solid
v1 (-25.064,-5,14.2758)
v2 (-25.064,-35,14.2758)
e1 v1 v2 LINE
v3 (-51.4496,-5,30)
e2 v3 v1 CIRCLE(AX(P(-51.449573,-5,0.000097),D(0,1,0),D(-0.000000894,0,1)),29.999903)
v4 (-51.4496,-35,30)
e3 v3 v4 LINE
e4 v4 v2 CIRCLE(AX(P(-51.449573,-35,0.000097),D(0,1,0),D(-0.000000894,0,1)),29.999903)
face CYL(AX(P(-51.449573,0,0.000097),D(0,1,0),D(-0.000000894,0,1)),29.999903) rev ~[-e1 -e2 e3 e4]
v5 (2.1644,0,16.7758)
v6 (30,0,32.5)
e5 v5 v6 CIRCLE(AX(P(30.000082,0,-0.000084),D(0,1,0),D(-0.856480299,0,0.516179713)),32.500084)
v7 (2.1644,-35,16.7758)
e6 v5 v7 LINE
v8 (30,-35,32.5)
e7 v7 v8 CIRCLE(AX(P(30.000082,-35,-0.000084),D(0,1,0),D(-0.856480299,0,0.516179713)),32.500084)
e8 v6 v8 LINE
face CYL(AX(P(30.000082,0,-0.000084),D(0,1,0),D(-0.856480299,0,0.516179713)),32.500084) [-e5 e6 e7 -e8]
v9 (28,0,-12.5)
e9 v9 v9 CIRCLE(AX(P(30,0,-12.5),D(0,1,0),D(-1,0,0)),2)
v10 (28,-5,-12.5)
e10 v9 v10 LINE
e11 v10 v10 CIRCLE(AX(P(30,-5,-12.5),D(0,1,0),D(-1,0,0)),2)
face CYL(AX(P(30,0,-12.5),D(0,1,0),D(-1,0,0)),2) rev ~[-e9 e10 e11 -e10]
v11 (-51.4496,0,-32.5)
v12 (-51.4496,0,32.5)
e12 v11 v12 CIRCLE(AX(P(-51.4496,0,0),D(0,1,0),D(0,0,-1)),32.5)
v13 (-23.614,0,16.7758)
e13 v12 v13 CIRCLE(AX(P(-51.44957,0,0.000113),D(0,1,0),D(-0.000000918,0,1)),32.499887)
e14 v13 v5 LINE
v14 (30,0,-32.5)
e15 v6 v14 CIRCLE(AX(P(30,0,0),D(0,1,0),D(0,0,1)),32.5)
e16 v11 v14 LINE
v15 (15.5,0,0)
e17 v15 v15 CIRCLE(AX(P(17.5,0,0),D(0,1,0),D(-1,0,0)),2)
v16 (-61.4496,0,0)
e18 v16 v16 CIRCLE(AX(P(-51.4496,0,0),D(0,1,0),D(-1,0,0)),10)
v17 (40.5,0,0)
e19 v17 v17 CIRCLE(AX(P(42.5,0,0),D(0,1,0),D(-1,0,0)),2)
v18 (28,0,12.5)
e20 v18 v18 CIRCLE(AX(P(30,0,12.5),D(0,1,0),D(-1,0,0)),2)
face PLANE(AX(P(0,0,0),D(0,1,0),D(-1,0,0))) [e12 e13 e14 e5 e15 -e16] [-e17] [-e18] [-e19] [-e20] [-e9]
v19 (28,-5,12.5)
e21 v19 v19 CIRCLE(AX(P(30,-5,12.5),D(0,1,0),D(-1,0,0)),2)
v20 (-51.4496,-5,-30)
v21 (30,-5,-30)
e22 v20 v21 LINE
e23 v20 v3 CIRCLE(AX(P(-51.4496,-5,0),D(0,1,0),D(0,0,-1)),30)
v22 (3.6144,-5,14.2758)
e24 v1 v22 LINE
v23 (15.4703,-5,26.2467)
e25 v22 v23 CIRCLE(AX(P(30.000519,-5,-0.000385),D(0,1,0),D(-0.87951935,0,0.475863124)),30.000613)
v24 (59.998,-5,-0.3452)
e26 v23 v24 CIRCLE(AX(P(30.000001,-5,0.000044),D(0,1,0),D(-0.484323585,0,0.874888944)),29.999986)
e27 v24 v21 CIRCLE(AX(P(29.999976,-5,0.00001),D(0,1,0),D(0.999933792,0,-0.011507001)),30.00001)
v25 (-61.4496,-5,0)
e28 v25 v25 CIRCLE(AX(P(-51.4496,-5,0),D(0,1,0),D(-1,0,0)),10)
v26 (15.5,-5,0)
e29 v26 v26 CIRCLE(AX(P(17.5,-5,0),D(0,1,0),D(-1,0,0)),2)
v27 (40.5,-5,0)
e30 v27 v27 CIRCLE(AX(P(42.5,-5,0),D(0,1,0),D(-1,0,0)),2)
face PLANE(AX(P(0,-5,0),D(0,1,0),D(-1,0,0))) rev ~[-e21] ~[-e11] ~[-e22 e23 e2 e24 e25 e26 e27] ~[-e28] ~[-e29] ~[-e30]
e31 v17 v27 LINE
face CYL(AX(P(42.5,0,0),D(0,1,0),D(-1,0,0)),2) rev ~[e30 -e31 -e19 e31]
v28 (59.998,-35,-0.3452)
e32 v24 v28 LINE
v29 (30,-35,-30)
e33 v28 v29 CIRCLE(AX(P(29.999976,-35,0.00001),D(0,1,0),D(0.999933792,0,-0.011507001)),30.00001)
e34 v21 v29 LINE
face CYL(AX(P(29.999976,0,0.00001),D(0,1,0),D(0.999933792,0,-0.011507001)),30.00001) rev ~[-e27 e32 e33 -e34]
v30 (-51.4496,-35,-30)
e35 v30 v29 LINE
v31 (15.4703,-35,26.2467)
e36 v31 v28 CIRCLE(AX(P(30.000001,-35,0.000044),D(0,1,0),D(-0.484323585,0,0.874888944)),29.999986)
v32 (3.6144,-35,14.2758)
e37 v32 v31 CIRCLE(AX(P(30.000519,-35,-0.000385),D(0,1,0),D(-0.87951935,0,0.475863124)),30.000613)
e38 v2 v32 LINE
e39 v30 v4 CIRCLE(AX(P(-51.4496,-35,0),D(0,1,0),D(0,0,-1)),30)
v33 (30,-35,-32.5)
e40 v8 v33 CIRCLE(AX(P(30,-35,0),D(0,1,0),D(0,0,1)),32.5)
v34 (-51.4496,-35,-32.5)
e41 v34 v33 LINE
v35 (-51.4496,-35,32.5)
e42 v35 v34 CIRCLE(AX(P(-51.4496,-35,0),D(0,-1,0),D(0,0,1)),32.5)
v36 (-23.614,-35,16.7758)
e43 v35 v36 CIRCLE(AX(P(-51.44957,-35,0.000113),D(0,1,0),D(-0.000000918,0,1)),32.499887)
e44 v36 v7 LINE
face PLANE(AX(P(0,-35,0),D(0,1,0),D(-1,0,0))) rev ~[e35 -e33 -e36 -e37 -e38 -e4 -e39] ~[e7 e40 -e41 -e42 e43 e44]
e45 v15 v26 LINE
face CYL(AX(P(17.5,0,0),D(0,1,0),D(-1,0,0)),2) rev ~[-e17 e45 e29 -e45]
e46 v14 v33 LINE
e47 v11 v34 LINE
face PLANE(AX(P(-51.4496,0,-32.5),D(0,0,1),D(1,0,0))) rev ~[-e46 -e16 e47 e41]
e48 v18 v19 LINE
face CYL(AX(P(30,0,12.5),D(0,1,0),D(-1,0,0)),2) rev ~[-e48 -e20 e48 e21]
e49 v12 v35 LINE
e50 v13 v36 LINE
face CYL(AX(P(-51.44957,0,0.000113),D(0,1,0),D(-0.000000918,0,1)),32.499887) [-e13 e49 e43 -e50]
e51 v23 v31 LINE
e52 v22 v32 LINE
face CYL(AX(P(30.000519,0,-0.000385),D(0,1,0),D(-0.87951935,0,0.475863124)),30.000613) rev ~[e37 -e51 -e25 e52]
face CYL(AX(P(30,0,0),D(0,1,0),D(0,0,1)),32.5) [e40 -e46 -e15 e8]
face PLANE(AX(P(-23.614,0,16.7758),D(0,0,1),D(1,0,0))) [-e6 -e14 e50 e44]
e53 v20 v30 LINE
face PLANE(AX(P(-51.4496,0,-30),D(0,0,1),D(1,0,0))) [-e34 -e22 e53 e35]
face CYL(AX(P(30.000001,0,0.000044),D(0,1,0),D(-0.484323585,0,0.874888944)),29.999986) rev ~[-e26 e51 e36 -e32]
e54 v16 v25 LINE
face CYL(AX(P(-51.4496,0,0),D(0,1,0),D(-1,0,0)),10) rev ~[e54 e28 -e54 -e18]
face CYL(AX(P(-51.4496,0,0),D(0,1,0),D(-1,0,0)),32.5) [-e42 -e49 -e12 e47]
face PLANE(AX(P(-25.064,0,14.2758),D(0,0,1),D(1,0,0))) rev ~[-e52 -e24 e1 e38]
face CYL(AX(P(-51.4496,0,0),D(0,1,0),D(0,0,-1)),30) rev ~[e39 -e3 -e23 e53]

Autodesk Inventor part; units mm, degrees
ref_plane "YZ Plane" through (0, 0, 0) normal (1, 0, 0) x (0, 1, 0)
sketch "Sketch1" plane through (0, 0, 0) normal (0, 1, 0) x (-1, 0, 0)
  line L0 (30, 0) -> (-30, 0) construction
  arc A0 (-30, 32.5) -> (-30, -32.5) centre (-30, 0) ccw
  circle A1 centre (-30, 0) radius 32.5 construction
  circle A2 centre (-30, 0) radius 30 construction
  circle A3 centre (-30, -12.5) radius 2
  circle A4 centre (-30, 12.5) radius 2
  arc A5 (-15.4703, 26.2467) -> (-59.998, -0.3452) centre (-30, 0) ccw
  arc A6 (-3.6144, 14.2758) -> (-15.4703, 26.2467) centre (-30, 0) ccw
  arc A7 (-2.1644, 16.7758) -> (-30, 32.5) centre (-30, 0) ccw
  line L1 (-30, -12.5) -> (-30, 12.5) construction
  line L2 (-30, 0) -> (-42.5, 0) construction
  line L3 (-30, 0) -> (-17.5, 0) construction
  line L4 (-30, 0) -> (-17.5, 0) construction
  circle A8 centre (-17.5, 0) radius 2
  circle A9 centre (-42.5, 0) radius 2
  line L5 (-30, 0) -> (-30, -12.5) construction
  line L6 (-3.6144, 14.2758) -> (-3.6144, -14.2758) construction
  line L7 (-2.1644, 16.7758) -> (-2.1644, -16.7758) construction
  line L8 (-30, 32.5) -> (52.5439, 32.5) construction
  line L9 (-2.1644, 16.7758) -> (17.8356, 16.7758) construction
  line L10 (17.8356, 16.7758) -> (17.8356, -16.7758) construction
  line L11 (17.8356, -16.7758) -> (-2.1644, -16.7758) construction
  line L12 (-3.6144, -14.2758) -> (19.2856, -14.2758) construction
  line L13 (19.2856, -14.2758) -> (19.2856, 14.2758) construction
  line L14 (-3.6144, 14.2758) -> (19.2856, 14.2758) construction
  line L15 (0, 16.7758) -> (0, -16.7758) construction
  line L16 (2.5, 0) -> (2.5, 16.7758) construction
  line L17 (2.5, 0) -> (2.5, -16.7758) construction
  line L18 (19.2856, 0) -> (21.4496, 0) construction
  line L19 (21.4496, 0) -> (21.4496, 16.7758) construction
  line L20 (21.4496, 16.7758) -> (17.8356, 16.7758) construction
  line L21 (19.2856, 14.2758) -> (19.2856, 16.7758) construction
  line L22 (21.4496, 0) -> (21.4496, -16.7758) construction
  line L23 (21.4496, -16.7758) -> (17.8356, -16.7758) construction
  line L24 (19.2856, -14.2758) -> (19.2856, -16.7758) construction
  line L25 (21.4496, 0) -> (51.4496, 0) construction
  circle A10 centre (51.4496, 0) radius 30 construction
  circle A11 centre (51.4496, 0) radius 32.5 construction
  line L26 (19.2856, 14.2758) -> (25.064, 14.2758) construction
  line L27 (20.3676, 16.7758) -> (23.614, 16.7758) construction
  line L28 (17.3742, -16.7758) -> (23.614, -16.7758) construction
  line L29 (17.8356, -14.2758) -> (22.2529, -14.2758) construction
  line L30 (22.2529, -14.2758) -> (25.064, -14.2758) construction
  arc A12 (81.4496, 0) -> (51.4496, 30) centre (51.4496, 0) ccw
  arc A13 (51.4496, -30) -> (81.4496, 0) centre (51.4496, 0) ccw
  line L31 (51.4496, 30) -> (51.4496, -30) construction
  arc A14 (51.4496, 30) -> (25.064, 14.2758) centre (51.4496, 0) ccw
  line L32 (25.064, 14.2758) -> (-3.6144, 14.2758)
  line L33 (23.614, 16.7758) -> (-2.1644, 16.7758)
  arc A15 (51.4496, -32.5) -> (83.9496, 0) centre (51.4496, 0) ccw
  arc A16 (83.9496, 0) -> (51.4496, 32.5) centre (51.4496, 0) ccw
  arc A17 (51.4496, 32.5) -> (23.614, 16.7758) centre (51.4496, 0) ccw
  circle A18 centre (51.4496, 0) radius 10
  line L34 (51.4496, -32.5) -> (-30, -32.5)
  line L35 (51.4496, -30) -> (-30, -30)
  arc A19 (-59.998, -0.3452) -> (-30, -30) centre (-30, 0) ccw
  point P0 (0, 0)
  point P1 (-30, 32.5)
  point P2 (-25, 0)
  point P3 (7.8356, 16.7758)
  dimension "d1" = 30
  dimension "d2" = 65
  dimension "d12" = 60
  dimension "d25" = 4
  dimension "d28" = 4
  dimension "d51" = 25
  dimension "d60" = 12.5
  dimension "d61" = 180
  dimension "d62" = 12.5
  dimension "d63" = 4
  dimension "d64" = 4
  dimension "d65" = 12.5
  dimension "d68" = 20
  dimension "d69" = 1.45
  dimension "d70" = 1.45
  dimension "d71" = 2.5
  dimension "d72" = 2.5
  dimension "d73" = 2.1644
  dimension "d74" = 2.164
  dimension "d75" = 30
  dimension "d76" = 60
  dimension "d77" = 65
  dimension "d78" = 60
  dimension "d79" = 20
ref_plane "Work Plane1" through (0, -5, 0) normal (0, -1, 0) x (1, 0, 0)
ref_plane "Work Plane3" through (0, -35, 0) normal (0, -1, 0) x (1, 0, 0)
sketch "Sketch3" plane through (0, -35, 0) normal (0, -1, 0) x (1, 0, 0)
  point P0 (0, 0)
extrude "Extrusion10" add sketch "Sketch1" against normal blind 35 contours A7 L33 A17 A16 A15 L34 A0
extrude "Extrusion11" add sketch "Sketch1" against normal blind 5 contours A6 L32 A14 A12 A13 L35 A19 A5
properties part number "con_v6_d1_3DPrint"
